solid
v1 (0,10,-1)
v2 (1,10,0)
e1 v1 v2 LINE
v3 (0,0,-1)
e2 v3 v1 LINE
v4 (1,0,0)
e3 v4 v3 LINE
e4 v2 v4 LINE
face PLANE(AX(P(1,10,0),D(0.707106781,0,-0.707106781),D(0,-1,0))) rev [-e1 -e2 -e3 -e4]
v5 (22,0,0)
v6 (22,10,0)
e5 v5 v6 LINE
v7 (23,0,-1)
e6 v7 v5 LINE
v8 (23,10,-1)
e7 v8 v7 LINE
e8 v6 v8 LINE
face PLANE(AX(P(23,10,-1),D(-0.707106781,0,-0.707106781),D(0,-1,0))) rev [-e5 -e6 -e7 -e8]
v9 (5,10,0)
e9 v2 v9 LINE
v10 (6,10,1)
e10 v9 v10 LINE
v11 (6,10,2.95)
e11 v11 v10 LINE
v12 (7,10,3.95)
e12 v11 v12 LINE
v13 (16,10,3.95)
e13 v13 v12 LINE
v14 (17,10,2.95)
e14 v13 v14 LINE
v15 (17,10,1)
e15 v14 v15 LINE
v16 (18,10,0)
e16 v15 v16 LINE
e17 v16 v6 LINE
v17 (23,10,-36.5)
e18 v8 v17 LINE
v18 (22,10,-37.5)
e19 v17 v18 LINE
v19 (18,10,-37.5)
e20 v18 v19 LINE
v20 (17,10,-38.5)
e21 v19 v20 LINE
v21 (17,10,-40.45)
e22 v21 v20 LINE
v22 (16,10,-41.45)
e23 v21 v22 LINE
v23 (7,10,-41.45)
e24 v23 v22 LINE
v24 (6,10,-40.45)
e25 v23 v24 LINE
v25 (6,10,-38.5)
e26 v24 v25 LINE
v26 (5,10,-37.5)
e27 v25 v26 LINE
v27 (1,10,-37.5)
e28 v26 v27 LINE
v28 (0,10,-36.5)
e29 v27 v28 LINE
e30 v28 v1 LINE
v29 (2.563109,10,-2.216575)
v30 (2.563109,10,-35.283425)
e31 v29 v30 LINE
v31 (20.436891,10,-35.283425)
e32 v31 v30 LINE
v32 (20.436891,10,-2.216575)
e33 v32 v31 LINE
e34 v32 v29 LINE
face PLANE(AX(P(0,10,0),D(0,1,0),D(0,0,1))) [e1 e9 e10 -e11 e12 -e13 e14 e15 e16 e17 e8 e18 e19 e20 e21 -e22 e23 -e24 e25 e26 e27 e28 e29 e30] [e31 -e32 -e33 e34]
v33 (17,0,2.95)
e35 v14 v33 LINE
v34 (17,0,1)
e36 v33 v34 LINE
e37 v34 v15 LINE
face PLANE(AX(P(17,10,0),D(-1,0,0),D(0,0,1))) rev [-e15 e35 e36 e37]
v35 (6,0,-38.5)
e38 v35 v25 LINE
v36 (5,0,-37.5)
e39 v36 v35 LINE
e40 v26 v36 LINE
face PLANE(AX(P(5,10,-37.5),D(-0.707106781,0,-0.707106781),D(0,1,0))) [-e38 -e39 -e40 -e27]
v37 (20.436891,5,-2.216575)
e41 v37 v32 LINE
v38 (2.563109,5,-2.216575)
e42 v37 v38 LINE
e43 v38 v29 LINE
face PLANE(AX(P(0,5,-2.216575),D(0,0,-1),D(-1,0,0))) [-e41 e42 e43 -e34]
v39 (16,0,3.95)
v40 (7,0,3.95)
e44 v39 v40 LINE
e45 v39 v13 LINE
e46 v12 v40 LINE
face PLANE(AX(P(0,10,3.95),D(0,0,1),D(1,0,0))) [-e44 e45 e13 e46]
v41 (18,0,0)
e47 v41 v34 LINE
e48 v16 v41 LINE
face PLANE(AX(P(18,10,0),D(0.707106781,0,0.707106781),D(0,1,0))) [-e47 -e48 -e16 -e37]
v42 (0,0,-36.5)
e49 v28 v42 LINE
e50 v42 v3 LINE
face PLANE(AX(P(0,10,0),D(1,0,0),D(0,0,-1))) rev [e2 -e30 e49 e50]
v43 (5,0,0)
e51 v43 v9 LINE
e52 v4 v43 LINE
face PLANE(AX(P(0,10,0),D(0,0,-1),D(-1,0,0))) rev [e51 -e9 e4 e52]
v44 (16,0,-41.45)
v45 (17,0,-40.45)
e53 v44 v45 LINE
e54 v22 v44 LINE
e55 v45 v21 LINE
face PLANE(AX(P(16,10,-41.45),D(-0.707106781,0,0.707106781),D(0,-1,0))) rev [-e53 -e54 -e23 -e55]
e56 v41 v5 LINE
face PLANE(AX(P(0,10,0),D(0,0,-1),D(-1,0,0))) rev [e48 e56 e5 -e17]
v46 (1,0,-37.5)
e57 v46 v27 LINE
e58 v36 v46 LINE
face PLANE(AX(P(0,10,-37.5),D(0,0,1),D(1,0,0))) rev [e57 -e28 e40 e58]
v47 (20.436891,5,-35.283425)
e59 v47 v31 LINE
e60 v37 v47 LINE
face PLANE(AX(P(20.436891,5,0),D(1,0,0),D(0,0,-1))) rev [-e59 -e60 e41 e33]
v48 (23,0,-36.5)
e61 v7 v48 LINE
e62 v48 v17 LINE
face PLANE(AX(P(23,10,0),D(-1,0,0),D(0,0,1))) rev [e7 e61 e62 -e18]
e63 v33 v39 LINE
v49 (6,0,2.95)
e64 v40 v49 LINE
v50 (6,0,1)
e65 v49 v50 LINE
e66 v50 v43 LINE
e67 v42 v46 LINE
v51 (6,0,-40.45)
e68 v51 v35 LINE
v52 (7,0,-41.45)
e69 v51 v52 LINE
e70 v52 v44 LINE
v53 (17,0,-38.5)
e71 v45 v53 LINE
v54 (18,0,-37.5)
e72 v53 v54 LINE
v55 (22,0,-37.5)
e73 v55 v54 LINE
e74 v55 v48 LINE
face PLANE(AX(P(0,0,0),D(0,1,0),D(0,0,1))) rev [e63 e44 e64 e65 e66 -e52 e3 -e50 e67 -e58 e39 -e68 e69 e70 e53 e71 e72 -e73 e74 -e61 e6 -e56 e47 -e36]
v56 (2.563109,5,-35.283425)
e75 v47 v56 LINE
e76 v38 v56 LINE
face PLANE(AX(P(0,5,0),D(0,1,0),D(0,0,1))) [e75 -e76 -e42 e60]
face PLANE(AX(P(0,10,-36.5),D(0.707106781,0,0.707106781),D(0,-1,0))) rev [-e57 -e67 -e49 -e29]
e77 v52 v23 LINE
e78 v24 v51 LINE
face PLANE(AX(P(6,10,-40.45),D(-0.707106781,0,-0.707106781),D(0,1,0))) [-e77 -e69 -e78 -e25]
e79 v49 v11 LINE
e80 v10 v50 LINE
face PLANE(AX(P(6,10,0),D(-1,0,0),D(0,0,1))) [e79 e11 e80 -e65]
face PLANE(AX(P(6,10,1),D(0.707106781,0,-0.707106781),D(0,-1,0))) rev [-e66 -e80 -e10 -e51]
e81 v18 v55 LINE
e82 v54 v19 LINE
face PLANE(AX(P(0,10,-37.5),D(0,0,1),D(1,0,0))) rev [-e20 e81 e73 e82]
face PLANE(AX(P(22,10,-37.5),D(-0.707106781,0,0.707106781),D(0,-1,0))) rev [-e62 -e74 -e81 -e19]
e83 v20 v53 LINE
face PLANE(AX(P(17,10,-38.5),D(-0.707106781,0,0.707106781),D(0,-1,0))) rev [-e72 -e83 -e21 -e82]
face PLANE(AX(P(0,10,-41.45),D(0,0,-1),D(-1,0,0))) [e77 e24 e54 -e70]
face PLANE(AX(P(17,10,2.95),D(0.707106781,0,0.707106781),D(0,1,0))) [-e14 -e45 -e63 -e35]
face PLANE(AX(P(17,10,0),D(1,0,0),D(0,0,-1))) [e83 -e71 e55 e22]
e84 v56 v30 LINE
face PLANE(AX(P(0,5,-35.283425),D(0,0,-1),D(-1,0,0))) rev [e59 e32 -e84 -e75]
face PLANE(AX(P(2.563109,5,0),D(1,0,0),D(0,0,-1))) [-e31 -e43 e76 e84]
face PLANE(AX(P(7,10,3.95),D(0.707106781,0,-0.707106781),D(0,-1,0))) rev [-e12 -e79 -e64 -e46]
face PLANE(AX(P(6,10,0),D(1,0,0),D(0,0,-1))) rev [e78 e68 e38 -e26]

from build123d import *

# Parameters (mm, degrees)
SKETCH_1_W          = 5.5
SKETCH_1_H          = 3.95
EXTRUDE_1_DEPTH     = 10
CHAMFER_1_SIZE      = 1
SKETCH_2_W          = 8.93689146
SKETCH_2_H          = 16.533425066
CUT_EXTRUDE_1_DEPTH = 5


with BuildPart() as part:
    # ｽｹｯﾁ1 → ﾎﾞｽ - 押し出し1 (new body)
    with BuildSketch(Plane(origin=(0, 0, 0), x_dir=(1, 0, 0), z_dir=(0, 1, 0))):
        Polygon((0, 37.5), (0, 18.75), (23, 18.75), (23, 37.5), (17, 37.5), (11.5, 37.5), (6, 37.5), align=None)
        Polygon((0, 18.75), (0, 0), (6, 0), (11.5, 0), (17, 0), (23, 0), (23, 18.75), align=None)
        with Locations((14.25, -1.975)):
            Rectangle(SKETCH_1_W, SKETCH_1_H)
        with Locations((8.75, -1.975)):
            Rectangle(SKETCH_1_W, SKETCH_1_H)
        with Locations((14.25, 39.475)):
            Rectangle(SKETCH_1_W, SKETCH_1_H)
        with Locations((8.75, 39.475)):
            Rectangle(SKETCH_1_W, SKETCH_1_H)
    extrude(amount=EXTRUDE_1_DEPTH)

    # 面取り1
    chamfer_1_edges = [part.edges().sort_by_distance(p)[0] for p in [
        (6, 5, 3.95),
        (6, 5, 0),
        (0, 5, 0),
        (0, 5, -37.5),
        (6, 5, -37.5),
        (6, 5, -41.45),
        (17, 5, -41.45),
        (17, 5, -37.5),
        (23, 5, -37.5),
        (23, 5, 0),
        (17, 5, 0),
        (17, 5, 3.95),
    ]]
    chamfer(chamfer_1_edges, length=CHAMFER_1_SIZE)

    # ｽｹｯﾁ2 → ｶｯﾄ - 押し出し1 (cut)
    with BuildSketch(Plane(origin=(0, 10, 0), x_dir=(1, 0, 0), z_dir=(0, 1, 0))):
        with Locations((7.03155427, 10.483287467)):
            Rectangle(SKETCH_2_W, SKETCH_2_H)
        with Locations((15.96844573, 10.483287467)):
            Rectangle(SKETCH_2_W, SKETCH_2_H)
        with Locations((15.96844573, 27.016712533)):
            Rectangle(SKETCH_2_W, SKETCH_2_H)
        with Locations((7.03155427, 27.016712533)):
            Rectangle(SKETCH_2_W, SKETCH_2_H)
    extrude(amount=-CUT_EXTRUDE_1_DEPTH, mode=Mode.SUBTRACT)


solid = part.part
